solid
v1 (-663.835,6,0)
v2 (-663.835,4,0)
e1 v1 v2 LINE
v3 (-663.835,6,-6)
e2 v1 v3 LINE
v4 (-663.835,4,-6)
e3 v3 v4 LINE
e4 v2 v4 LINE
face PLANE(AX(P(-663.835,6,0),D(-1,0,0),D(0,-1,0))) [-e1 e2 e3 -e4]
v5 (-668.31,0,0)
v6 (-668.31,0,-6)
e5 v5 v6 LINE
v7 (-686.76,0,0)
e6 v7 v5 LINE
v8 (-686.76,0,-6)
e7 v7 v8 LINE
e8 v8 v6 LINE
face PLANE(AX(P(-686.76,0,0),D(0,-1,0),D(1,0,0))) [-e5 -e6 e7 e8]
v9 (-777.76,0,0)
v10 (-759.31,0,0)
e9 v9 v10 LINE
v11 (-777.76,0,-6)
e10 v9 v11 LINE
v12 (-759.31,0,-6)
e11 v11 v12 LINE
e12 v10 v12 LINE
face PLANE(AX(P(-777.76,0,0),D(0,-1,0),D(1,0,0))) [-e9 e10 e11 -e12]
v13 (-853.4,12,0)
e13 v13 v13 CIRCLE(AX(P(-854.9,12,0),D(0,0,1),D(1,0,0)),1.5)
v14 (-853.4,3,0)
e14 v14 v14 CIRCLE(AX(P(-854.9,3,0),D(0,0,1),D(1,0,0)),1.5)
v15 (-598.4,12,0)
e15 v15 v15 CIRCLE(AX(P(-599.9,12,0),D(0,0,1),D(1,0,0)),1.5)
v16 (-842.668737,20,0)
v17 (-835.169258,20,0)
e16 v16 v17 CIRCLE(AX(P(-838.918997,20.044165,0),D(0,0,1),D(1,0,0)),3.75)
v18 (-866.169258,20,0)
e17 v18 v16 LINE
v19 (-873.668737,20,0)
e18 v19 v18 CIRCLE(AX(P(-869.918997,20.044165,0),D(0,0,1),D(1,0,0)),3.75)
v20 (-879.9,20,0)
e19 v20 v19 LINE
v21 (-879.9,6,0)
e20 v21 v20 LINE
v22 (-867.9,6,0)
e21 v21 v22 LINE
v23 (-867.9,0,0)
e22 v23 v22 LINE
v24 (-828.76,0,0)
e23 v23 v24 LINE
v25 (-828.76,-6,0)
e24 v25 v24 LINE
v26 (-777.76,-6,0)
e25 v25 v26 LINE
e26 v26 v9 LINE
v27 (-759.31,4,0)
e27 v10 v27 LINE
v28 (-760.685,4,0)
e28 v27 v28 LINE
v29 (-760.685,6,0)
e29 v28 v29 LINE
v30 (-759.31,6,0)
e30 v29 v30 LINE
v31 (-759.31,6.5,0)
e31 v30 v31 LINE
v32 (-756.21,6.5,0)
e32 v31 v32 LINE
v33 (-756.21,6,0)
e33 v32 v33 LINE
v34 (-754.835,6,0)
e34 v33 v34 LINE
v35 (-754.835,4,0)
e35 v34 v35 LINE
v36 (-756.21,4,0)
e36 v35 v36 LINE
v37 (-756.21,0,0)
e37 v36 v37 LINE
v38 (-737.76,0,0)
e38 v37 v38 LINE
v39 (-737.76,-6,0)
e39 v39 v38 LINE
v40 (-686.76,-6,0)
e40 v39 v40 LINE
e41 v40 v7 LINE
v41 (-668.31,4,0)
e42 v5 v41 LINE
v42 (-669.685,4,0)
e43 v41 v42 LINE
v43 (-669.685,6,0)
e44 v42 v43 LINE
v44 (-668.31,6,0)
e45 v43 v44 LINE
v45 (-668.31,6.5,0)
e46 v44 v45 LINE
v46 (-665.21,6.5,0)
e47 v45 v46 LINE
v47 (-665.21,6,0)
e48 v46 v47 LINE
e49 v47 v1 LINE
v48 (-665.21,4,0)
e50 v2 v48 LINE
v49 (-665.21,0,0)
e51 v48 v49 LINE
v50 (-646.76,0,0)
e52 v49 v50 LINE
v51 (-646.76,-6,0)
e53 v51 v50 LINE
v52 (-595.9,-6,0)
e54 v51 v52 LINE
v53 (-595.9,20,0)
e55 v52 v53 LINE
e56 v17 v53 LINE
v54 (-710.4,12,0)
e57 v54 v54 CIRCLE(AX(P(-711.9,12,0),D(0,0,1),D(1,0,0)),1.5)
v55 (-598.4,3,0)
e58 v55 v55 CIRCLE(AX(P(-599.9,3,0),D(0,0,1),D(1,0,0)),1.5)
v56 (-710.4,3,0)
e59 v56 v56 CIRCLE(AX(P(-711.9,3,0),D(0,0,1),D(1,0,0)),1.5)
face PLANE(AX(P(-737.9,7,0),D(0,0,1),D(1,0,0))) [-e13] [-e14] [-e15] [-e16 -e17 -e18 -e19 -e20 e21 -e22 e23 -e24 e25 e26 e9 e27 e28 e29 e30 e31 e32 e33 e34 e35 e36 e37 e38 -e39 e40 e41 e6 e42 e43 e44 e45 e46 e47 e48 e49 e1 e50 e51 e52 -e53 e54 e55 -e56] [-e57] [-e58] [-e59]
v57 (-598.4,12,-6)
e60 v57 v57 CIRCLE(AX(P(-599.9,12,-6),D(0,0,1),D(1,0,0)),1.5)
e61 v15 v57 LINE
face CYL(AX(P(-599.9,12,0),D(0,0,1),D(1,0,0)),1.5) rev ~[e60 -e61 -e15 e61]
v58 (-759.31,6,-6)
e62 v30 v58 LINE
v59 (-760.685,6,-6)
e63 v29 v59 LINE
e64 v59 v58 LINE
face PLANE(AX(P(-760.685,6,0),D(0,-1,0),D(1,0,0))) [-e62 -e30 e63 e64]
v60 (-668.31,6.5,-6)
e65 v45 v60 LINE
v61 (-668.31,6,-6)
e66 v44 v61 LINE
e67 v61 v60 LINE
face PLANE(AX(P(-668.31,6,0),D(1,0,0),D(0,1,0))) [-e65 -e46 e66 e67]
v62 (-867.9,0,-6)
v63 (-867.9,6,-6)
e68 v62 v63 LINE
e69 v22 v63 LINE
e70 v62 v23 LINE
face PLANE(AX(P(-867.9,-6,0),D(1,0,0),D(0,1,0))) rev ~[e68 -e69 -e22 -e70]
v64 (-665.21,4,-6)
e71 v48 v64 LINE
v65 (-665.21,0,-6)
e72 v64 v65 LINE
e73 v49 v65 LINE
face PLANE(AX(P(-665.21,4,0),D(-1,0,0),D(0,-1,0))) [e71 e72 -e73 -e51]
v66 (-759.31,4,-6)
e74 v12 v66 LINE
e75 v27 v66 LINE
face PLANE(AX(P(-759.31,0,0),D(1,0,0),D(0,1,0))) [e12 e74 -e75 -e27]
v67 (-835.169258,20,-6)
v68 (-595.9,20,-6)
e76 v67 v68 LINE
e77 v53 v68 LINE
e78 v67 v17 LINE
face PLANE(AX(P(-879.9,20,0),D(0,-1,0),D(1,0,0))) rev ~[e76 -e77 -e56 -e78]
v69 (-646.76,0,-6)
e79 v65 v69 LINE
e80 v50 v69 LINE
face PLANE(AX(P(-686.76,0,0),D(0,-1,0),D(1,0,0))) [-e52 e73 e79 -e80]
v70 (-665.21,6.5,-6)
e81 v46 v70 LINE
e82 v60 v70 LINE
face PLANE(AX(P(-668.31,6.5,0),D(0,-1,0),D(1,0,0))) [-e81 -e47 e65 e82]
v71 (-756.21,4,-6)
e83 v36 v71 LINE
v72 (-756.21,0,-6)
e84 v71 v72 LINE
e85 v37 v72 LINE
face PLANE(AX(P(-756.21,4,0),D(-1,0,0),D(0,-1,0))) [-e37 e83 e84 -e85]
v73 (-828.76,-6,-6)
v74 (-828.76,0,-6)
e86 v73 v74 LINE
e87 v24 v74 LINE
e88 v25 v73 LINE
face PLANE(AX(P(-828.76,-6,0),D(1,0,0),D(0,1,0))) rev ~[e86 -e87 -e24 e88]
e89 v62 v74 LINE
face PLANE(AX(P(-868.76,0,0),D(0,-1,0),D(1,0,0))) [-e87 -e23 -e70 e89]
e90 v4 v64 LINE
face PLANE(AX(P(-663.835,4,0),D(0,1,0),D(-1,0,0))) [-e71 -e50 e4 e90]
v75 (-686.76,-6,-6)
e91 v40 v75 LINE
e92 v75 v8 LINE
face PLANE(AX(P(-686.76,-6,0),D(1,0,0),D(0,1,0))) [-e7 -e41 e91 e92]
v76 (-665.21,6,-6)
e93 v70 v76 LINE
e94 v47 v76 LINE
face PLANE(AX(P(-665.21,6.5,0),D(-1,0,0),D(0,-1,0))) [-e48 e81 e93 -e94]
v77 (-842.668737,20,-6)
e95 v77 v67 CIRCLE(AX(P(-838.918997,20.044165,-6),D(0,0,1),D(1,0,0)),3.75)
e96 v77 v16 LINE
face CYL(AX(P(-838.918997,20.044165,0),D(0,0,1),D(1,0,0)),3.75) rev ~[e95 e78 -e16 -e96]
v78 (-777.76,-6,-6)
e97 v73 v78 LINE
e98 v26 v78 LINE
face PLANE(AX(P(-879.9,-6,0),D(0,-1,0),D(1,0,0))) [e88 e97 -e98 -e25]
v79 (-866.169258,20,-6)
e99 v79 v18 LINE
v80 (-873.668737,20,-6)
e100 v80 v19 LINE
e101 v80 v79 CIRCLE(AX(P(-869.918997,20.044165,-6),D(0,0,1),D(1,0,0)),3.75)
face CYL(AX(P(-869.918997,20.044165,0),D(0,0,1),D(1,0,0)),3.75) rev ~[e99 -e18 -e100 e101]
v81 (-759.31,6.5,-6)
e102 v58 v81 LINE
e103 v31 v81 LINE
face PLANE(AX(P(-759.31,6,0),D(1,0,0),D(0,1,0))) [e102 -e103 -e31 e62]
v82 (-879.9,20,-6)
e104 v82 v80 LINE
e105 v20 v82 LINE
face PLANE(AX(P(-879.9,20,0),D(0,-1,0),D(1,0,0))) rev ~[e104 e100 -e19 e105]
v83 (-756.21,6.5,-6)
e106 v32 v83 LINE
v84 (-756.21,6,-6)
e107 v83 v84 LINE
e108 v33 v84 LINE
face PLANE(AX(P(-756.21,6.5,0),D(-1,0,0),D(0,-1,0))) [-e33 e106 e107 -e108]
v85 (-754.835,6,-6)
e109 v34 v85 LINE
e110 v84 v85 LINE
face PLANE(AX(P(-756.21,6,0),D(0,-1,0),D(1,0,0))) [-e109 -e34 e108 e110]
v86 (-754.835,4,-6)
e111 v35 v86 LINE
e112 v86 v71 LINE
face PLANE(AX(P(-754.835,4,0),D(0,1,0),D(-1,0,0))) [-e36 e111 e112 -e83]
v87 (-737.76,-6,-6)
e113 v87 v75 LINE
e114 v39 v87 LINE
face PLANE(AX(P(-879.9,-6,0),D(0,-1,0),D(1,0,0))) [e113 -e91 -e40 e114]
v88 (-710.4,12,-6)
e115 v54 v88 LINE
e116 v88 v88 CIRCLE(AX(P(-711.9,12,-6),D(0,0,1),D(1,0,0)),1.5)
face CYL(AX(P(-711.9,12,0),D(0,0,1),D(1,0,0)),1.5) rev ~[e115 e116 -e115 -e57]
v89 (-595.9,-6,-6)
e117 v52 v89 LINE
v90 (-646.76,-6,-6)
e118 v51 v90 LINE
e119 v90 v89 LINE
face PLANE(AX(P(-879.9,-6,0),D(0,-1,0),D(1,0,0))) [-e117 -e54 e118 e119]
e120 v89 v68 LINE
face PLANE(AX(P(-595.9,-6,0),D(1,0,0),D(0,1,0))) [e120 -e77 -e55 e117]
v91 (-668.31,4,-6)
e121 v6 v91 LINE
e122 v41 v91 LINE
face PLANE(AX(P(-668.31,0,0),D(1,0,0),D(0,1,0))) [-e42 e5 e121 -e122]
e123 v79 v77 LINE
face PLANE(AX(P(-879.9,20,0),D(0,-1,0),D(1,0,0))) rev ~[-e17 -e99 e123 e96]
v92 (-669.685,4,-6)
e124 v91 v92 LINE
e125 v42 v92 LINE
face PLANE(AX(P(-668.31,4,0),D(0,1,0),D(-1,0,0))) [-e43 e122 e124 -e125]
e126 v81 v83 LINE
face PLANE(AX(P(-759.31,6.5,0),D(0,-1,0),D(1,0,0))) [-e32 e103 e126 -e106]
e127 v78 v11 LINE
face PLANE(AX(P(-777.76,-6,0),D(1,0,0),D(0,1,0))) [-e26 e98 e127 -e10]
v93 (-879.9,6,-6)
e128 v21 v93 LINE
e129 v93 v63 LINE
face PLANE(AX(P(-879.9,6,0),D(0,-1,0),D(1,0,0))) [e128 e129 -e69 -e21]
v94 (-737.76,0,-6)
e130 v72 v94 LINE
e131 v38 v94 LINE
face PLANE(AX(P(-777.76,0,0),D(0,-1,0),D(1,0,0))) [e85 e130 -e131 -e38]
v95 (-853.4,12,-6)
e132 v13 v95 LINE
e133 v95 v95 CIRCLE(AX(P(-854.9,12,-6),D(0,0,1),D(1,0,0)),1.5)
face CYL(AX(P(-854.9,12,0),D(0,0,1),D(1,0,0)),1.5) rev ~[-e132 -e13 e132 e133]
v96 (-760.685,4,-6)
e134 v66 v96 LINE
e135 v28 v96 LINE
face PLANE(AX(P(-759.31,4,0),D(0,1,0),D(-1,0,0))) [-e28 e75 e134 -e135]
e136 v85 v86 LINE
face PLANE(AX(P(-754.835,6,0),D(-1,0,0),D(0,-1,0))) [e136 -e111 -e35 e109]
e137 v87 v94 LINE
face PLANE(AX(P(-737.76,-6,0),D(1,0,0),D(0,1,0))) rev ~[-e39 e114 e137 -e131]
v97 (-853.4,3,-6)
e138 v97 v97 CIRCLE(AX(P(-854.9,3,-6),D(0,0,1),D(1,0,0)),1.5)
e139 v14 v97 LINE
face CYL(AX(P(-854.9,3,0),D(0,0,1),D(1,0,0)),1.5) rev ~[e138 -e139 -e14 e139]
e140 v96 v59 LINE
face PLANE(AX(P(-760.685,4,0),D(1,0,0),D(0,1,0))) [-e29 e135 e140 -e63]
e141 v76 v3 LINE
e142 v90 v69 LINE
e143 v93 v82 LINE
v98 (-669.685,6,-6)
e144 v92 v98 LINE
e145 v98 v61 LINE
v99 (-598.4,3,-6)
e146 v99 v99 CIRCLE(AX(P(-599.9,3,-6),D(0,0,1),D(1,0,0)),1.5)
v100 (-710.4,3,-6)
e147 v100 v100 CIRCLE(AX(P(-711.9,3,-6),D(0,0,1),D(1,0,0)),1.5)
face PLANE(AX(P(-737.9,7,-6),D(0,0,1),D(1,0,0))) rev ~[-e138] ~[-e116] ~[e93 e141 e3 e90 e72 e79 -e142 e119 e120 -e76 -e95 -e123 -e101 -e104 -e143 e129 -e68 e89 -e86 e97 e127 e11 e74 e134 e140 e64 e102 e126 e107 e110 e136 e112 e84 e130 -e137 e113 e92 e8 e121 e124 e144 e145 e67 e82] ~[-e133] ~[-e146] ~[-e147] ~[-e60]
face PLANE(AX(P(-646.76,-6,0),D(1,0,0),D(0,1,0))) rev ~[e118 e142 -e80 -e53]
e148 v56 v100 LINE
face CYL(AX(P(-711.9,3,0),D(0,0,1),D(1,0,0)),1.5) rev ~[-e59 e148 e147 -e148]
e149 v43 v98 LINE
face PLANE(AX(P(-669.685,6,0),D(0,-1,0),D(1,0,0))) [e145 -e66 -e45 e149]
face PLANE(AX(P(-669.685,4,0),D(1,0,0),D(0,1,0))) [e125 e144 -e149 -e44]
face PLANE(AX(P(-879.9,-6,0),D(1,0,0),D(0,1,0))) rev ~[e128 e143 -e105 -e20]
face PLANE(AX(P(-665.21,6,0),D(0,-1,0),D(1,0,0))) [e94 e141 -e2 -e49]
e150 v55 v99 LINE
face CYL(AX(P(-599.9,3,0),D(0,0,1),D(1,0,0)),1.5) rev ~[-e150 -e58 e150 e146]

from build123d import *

# Parameters (mm, degrees)
SZKIC1_W                    = 284
SZKIC1_H                    = 26
DODANIE_WYCI_GNI_CIE1_DEPTH = 6
SZKIC5_W                    = 40
SZKIC5_H                    = 6
WYTNIJ_WYCI_GNI_CIE3_DEPTH  = 6
SZYK_LINIOWY1_COUNT         = 4
SZYK_LINIOWY1_PITCH         = 91
WYTNIJ_WYCI_GNI_CIE4_DEPTH  = 6
SZYK_LINIOWY2_COUNT         = 2
SZYK_LINIOWY2_PITCH         = 91
SZKIC9_W                    = 12
SZKIC9_H                    = 12
WYTNIJ_WYCI_GNI_CIE6_DEPTH  = 10
SZKIC10_R                   = 1.5
WYTNIJ_WYCI_GNI_CIE7_DEPTH  = 10
SZKIC12_R                   = 3.75
WYTNIJ_WYCI_GNI_CIE8_DEPTH  = 6


with BuildPart() as part:
    # Szkic1 → Dodanie-wyciągnięcie1 (new body)
    with BuildSketch(Plane.XY):
        with Locations((-737.9, 7)):
            Rectangle(SZKIC1_W, SZKIC1_H)
    extrude(amount=-DODANIE_WYCI_GNI_CIE1_DEPTH)

    # Szkic5 → Wytnij-wyciągnięcie3 (cut)
    with BuildSketch(Plane.XY):
        with Locations((-666.76, -3)):
            Rectangle(SZKIC5_W, SZKIC5_H)
    wytnij_wyci_gni_cie3 = extrude(amount=-WYTNIJ_WYCI_GNI_CIE3_DEPTH, mode=Mode.SUBTRACT)

    # Szyk liniowy1: Wytnij-wyciągnięcie3 ×4
    with Locations(*[(-i * SZYK_LINIOWY1_PITCH, 0, 0) for i in range(1, SZYK_LINIOWY1_COUNT)]):
        add(wytnij_wyci_gni_cie3, mode=Mode.SUBTRACT)

    # Szkic6 → Wytnij-wyciągnięcie4 (cut)
    with BuildSketch(Plane.XY):
        Polygon((-665.21, 0), (-668.31, 0), (-668.31, 4), (-669.685, 4), (-669.685, 6), (-668.31, 6), (-668.31, 6.5), (-665.21, 6.5), (-665.21, 6), (-663.835, 6), (-663.835, 4), (-665.21, 4), align=None)
    wytnij_wyci_gni_cie4 = extrude(amount=-WYTNIJ_WYCI_GNI_CIE4_DEPTH, mode=Mode.SUBTRACT)

    # Szyk liniowy2: Wytnij-wyciągnięcie4 ×2
    with Locations(*[(-i * SZYK_LINIOWY2_PITCH, 0, 0) for i in range(1, SZYK_LINIOWY2_COUNT)]):
        add(wytnij_wyci_gni_cie4, mode=Mode.SUBTRACT)

    # Szkic9 → Wytnij-wyciągnięcie6 (cut)
    with BuildSketch(Plane.XY):
        with Locations((-873.9, 0)):
            Rectangle(SZKIC9_W, SZKIC9_H)
    extrude(amount=-WYTNIJ_WYCI_GNI_CIE6_DEPTH, mode=Mode.SUBTRACT)

    # Szkic10 → Wytnij-wyciągnięcie7 (cut)
    with BuildSketch(Plane.XY):
        with Locations((-599.9, 3)):
            Circle(SZKIC10_R)
        with Locations((-599.9, 12)):
            Circle(SZKIC10_R)
        with Locations((-854.9, 3)):
            Circle(SZKIC10_R)
        with Locations((-854.9, 12)):
            Circle(SZKIC10_R)
        with Locations((-711.9, 3)):
            Circle(SZKIC10_R)
        with Locations((-711.9, 12)):
            Circle(SZKIC10_R)
    extrude(amount=-WYTNIJ_WYCI_GNI_CIE7_DEPTH, mode=Mode.SUBTRACT)

    # Szkic12 → Wytnij-wyciągnięcie8 (cut)
    with BuildSketch(Plane.XY):
        with Locations((-838.918997424, 20.044165404)):
            Circle(SZKIC12_R)
        with Locations((-869.918997424, 20.044165404)):
            Circle(SZKIC12_R)
    extrude(amount=-WYTNIJ_WYCI_GNI_CIE8_DEPTH, mode=Mode.SUBTRACT)


solid = part.part
